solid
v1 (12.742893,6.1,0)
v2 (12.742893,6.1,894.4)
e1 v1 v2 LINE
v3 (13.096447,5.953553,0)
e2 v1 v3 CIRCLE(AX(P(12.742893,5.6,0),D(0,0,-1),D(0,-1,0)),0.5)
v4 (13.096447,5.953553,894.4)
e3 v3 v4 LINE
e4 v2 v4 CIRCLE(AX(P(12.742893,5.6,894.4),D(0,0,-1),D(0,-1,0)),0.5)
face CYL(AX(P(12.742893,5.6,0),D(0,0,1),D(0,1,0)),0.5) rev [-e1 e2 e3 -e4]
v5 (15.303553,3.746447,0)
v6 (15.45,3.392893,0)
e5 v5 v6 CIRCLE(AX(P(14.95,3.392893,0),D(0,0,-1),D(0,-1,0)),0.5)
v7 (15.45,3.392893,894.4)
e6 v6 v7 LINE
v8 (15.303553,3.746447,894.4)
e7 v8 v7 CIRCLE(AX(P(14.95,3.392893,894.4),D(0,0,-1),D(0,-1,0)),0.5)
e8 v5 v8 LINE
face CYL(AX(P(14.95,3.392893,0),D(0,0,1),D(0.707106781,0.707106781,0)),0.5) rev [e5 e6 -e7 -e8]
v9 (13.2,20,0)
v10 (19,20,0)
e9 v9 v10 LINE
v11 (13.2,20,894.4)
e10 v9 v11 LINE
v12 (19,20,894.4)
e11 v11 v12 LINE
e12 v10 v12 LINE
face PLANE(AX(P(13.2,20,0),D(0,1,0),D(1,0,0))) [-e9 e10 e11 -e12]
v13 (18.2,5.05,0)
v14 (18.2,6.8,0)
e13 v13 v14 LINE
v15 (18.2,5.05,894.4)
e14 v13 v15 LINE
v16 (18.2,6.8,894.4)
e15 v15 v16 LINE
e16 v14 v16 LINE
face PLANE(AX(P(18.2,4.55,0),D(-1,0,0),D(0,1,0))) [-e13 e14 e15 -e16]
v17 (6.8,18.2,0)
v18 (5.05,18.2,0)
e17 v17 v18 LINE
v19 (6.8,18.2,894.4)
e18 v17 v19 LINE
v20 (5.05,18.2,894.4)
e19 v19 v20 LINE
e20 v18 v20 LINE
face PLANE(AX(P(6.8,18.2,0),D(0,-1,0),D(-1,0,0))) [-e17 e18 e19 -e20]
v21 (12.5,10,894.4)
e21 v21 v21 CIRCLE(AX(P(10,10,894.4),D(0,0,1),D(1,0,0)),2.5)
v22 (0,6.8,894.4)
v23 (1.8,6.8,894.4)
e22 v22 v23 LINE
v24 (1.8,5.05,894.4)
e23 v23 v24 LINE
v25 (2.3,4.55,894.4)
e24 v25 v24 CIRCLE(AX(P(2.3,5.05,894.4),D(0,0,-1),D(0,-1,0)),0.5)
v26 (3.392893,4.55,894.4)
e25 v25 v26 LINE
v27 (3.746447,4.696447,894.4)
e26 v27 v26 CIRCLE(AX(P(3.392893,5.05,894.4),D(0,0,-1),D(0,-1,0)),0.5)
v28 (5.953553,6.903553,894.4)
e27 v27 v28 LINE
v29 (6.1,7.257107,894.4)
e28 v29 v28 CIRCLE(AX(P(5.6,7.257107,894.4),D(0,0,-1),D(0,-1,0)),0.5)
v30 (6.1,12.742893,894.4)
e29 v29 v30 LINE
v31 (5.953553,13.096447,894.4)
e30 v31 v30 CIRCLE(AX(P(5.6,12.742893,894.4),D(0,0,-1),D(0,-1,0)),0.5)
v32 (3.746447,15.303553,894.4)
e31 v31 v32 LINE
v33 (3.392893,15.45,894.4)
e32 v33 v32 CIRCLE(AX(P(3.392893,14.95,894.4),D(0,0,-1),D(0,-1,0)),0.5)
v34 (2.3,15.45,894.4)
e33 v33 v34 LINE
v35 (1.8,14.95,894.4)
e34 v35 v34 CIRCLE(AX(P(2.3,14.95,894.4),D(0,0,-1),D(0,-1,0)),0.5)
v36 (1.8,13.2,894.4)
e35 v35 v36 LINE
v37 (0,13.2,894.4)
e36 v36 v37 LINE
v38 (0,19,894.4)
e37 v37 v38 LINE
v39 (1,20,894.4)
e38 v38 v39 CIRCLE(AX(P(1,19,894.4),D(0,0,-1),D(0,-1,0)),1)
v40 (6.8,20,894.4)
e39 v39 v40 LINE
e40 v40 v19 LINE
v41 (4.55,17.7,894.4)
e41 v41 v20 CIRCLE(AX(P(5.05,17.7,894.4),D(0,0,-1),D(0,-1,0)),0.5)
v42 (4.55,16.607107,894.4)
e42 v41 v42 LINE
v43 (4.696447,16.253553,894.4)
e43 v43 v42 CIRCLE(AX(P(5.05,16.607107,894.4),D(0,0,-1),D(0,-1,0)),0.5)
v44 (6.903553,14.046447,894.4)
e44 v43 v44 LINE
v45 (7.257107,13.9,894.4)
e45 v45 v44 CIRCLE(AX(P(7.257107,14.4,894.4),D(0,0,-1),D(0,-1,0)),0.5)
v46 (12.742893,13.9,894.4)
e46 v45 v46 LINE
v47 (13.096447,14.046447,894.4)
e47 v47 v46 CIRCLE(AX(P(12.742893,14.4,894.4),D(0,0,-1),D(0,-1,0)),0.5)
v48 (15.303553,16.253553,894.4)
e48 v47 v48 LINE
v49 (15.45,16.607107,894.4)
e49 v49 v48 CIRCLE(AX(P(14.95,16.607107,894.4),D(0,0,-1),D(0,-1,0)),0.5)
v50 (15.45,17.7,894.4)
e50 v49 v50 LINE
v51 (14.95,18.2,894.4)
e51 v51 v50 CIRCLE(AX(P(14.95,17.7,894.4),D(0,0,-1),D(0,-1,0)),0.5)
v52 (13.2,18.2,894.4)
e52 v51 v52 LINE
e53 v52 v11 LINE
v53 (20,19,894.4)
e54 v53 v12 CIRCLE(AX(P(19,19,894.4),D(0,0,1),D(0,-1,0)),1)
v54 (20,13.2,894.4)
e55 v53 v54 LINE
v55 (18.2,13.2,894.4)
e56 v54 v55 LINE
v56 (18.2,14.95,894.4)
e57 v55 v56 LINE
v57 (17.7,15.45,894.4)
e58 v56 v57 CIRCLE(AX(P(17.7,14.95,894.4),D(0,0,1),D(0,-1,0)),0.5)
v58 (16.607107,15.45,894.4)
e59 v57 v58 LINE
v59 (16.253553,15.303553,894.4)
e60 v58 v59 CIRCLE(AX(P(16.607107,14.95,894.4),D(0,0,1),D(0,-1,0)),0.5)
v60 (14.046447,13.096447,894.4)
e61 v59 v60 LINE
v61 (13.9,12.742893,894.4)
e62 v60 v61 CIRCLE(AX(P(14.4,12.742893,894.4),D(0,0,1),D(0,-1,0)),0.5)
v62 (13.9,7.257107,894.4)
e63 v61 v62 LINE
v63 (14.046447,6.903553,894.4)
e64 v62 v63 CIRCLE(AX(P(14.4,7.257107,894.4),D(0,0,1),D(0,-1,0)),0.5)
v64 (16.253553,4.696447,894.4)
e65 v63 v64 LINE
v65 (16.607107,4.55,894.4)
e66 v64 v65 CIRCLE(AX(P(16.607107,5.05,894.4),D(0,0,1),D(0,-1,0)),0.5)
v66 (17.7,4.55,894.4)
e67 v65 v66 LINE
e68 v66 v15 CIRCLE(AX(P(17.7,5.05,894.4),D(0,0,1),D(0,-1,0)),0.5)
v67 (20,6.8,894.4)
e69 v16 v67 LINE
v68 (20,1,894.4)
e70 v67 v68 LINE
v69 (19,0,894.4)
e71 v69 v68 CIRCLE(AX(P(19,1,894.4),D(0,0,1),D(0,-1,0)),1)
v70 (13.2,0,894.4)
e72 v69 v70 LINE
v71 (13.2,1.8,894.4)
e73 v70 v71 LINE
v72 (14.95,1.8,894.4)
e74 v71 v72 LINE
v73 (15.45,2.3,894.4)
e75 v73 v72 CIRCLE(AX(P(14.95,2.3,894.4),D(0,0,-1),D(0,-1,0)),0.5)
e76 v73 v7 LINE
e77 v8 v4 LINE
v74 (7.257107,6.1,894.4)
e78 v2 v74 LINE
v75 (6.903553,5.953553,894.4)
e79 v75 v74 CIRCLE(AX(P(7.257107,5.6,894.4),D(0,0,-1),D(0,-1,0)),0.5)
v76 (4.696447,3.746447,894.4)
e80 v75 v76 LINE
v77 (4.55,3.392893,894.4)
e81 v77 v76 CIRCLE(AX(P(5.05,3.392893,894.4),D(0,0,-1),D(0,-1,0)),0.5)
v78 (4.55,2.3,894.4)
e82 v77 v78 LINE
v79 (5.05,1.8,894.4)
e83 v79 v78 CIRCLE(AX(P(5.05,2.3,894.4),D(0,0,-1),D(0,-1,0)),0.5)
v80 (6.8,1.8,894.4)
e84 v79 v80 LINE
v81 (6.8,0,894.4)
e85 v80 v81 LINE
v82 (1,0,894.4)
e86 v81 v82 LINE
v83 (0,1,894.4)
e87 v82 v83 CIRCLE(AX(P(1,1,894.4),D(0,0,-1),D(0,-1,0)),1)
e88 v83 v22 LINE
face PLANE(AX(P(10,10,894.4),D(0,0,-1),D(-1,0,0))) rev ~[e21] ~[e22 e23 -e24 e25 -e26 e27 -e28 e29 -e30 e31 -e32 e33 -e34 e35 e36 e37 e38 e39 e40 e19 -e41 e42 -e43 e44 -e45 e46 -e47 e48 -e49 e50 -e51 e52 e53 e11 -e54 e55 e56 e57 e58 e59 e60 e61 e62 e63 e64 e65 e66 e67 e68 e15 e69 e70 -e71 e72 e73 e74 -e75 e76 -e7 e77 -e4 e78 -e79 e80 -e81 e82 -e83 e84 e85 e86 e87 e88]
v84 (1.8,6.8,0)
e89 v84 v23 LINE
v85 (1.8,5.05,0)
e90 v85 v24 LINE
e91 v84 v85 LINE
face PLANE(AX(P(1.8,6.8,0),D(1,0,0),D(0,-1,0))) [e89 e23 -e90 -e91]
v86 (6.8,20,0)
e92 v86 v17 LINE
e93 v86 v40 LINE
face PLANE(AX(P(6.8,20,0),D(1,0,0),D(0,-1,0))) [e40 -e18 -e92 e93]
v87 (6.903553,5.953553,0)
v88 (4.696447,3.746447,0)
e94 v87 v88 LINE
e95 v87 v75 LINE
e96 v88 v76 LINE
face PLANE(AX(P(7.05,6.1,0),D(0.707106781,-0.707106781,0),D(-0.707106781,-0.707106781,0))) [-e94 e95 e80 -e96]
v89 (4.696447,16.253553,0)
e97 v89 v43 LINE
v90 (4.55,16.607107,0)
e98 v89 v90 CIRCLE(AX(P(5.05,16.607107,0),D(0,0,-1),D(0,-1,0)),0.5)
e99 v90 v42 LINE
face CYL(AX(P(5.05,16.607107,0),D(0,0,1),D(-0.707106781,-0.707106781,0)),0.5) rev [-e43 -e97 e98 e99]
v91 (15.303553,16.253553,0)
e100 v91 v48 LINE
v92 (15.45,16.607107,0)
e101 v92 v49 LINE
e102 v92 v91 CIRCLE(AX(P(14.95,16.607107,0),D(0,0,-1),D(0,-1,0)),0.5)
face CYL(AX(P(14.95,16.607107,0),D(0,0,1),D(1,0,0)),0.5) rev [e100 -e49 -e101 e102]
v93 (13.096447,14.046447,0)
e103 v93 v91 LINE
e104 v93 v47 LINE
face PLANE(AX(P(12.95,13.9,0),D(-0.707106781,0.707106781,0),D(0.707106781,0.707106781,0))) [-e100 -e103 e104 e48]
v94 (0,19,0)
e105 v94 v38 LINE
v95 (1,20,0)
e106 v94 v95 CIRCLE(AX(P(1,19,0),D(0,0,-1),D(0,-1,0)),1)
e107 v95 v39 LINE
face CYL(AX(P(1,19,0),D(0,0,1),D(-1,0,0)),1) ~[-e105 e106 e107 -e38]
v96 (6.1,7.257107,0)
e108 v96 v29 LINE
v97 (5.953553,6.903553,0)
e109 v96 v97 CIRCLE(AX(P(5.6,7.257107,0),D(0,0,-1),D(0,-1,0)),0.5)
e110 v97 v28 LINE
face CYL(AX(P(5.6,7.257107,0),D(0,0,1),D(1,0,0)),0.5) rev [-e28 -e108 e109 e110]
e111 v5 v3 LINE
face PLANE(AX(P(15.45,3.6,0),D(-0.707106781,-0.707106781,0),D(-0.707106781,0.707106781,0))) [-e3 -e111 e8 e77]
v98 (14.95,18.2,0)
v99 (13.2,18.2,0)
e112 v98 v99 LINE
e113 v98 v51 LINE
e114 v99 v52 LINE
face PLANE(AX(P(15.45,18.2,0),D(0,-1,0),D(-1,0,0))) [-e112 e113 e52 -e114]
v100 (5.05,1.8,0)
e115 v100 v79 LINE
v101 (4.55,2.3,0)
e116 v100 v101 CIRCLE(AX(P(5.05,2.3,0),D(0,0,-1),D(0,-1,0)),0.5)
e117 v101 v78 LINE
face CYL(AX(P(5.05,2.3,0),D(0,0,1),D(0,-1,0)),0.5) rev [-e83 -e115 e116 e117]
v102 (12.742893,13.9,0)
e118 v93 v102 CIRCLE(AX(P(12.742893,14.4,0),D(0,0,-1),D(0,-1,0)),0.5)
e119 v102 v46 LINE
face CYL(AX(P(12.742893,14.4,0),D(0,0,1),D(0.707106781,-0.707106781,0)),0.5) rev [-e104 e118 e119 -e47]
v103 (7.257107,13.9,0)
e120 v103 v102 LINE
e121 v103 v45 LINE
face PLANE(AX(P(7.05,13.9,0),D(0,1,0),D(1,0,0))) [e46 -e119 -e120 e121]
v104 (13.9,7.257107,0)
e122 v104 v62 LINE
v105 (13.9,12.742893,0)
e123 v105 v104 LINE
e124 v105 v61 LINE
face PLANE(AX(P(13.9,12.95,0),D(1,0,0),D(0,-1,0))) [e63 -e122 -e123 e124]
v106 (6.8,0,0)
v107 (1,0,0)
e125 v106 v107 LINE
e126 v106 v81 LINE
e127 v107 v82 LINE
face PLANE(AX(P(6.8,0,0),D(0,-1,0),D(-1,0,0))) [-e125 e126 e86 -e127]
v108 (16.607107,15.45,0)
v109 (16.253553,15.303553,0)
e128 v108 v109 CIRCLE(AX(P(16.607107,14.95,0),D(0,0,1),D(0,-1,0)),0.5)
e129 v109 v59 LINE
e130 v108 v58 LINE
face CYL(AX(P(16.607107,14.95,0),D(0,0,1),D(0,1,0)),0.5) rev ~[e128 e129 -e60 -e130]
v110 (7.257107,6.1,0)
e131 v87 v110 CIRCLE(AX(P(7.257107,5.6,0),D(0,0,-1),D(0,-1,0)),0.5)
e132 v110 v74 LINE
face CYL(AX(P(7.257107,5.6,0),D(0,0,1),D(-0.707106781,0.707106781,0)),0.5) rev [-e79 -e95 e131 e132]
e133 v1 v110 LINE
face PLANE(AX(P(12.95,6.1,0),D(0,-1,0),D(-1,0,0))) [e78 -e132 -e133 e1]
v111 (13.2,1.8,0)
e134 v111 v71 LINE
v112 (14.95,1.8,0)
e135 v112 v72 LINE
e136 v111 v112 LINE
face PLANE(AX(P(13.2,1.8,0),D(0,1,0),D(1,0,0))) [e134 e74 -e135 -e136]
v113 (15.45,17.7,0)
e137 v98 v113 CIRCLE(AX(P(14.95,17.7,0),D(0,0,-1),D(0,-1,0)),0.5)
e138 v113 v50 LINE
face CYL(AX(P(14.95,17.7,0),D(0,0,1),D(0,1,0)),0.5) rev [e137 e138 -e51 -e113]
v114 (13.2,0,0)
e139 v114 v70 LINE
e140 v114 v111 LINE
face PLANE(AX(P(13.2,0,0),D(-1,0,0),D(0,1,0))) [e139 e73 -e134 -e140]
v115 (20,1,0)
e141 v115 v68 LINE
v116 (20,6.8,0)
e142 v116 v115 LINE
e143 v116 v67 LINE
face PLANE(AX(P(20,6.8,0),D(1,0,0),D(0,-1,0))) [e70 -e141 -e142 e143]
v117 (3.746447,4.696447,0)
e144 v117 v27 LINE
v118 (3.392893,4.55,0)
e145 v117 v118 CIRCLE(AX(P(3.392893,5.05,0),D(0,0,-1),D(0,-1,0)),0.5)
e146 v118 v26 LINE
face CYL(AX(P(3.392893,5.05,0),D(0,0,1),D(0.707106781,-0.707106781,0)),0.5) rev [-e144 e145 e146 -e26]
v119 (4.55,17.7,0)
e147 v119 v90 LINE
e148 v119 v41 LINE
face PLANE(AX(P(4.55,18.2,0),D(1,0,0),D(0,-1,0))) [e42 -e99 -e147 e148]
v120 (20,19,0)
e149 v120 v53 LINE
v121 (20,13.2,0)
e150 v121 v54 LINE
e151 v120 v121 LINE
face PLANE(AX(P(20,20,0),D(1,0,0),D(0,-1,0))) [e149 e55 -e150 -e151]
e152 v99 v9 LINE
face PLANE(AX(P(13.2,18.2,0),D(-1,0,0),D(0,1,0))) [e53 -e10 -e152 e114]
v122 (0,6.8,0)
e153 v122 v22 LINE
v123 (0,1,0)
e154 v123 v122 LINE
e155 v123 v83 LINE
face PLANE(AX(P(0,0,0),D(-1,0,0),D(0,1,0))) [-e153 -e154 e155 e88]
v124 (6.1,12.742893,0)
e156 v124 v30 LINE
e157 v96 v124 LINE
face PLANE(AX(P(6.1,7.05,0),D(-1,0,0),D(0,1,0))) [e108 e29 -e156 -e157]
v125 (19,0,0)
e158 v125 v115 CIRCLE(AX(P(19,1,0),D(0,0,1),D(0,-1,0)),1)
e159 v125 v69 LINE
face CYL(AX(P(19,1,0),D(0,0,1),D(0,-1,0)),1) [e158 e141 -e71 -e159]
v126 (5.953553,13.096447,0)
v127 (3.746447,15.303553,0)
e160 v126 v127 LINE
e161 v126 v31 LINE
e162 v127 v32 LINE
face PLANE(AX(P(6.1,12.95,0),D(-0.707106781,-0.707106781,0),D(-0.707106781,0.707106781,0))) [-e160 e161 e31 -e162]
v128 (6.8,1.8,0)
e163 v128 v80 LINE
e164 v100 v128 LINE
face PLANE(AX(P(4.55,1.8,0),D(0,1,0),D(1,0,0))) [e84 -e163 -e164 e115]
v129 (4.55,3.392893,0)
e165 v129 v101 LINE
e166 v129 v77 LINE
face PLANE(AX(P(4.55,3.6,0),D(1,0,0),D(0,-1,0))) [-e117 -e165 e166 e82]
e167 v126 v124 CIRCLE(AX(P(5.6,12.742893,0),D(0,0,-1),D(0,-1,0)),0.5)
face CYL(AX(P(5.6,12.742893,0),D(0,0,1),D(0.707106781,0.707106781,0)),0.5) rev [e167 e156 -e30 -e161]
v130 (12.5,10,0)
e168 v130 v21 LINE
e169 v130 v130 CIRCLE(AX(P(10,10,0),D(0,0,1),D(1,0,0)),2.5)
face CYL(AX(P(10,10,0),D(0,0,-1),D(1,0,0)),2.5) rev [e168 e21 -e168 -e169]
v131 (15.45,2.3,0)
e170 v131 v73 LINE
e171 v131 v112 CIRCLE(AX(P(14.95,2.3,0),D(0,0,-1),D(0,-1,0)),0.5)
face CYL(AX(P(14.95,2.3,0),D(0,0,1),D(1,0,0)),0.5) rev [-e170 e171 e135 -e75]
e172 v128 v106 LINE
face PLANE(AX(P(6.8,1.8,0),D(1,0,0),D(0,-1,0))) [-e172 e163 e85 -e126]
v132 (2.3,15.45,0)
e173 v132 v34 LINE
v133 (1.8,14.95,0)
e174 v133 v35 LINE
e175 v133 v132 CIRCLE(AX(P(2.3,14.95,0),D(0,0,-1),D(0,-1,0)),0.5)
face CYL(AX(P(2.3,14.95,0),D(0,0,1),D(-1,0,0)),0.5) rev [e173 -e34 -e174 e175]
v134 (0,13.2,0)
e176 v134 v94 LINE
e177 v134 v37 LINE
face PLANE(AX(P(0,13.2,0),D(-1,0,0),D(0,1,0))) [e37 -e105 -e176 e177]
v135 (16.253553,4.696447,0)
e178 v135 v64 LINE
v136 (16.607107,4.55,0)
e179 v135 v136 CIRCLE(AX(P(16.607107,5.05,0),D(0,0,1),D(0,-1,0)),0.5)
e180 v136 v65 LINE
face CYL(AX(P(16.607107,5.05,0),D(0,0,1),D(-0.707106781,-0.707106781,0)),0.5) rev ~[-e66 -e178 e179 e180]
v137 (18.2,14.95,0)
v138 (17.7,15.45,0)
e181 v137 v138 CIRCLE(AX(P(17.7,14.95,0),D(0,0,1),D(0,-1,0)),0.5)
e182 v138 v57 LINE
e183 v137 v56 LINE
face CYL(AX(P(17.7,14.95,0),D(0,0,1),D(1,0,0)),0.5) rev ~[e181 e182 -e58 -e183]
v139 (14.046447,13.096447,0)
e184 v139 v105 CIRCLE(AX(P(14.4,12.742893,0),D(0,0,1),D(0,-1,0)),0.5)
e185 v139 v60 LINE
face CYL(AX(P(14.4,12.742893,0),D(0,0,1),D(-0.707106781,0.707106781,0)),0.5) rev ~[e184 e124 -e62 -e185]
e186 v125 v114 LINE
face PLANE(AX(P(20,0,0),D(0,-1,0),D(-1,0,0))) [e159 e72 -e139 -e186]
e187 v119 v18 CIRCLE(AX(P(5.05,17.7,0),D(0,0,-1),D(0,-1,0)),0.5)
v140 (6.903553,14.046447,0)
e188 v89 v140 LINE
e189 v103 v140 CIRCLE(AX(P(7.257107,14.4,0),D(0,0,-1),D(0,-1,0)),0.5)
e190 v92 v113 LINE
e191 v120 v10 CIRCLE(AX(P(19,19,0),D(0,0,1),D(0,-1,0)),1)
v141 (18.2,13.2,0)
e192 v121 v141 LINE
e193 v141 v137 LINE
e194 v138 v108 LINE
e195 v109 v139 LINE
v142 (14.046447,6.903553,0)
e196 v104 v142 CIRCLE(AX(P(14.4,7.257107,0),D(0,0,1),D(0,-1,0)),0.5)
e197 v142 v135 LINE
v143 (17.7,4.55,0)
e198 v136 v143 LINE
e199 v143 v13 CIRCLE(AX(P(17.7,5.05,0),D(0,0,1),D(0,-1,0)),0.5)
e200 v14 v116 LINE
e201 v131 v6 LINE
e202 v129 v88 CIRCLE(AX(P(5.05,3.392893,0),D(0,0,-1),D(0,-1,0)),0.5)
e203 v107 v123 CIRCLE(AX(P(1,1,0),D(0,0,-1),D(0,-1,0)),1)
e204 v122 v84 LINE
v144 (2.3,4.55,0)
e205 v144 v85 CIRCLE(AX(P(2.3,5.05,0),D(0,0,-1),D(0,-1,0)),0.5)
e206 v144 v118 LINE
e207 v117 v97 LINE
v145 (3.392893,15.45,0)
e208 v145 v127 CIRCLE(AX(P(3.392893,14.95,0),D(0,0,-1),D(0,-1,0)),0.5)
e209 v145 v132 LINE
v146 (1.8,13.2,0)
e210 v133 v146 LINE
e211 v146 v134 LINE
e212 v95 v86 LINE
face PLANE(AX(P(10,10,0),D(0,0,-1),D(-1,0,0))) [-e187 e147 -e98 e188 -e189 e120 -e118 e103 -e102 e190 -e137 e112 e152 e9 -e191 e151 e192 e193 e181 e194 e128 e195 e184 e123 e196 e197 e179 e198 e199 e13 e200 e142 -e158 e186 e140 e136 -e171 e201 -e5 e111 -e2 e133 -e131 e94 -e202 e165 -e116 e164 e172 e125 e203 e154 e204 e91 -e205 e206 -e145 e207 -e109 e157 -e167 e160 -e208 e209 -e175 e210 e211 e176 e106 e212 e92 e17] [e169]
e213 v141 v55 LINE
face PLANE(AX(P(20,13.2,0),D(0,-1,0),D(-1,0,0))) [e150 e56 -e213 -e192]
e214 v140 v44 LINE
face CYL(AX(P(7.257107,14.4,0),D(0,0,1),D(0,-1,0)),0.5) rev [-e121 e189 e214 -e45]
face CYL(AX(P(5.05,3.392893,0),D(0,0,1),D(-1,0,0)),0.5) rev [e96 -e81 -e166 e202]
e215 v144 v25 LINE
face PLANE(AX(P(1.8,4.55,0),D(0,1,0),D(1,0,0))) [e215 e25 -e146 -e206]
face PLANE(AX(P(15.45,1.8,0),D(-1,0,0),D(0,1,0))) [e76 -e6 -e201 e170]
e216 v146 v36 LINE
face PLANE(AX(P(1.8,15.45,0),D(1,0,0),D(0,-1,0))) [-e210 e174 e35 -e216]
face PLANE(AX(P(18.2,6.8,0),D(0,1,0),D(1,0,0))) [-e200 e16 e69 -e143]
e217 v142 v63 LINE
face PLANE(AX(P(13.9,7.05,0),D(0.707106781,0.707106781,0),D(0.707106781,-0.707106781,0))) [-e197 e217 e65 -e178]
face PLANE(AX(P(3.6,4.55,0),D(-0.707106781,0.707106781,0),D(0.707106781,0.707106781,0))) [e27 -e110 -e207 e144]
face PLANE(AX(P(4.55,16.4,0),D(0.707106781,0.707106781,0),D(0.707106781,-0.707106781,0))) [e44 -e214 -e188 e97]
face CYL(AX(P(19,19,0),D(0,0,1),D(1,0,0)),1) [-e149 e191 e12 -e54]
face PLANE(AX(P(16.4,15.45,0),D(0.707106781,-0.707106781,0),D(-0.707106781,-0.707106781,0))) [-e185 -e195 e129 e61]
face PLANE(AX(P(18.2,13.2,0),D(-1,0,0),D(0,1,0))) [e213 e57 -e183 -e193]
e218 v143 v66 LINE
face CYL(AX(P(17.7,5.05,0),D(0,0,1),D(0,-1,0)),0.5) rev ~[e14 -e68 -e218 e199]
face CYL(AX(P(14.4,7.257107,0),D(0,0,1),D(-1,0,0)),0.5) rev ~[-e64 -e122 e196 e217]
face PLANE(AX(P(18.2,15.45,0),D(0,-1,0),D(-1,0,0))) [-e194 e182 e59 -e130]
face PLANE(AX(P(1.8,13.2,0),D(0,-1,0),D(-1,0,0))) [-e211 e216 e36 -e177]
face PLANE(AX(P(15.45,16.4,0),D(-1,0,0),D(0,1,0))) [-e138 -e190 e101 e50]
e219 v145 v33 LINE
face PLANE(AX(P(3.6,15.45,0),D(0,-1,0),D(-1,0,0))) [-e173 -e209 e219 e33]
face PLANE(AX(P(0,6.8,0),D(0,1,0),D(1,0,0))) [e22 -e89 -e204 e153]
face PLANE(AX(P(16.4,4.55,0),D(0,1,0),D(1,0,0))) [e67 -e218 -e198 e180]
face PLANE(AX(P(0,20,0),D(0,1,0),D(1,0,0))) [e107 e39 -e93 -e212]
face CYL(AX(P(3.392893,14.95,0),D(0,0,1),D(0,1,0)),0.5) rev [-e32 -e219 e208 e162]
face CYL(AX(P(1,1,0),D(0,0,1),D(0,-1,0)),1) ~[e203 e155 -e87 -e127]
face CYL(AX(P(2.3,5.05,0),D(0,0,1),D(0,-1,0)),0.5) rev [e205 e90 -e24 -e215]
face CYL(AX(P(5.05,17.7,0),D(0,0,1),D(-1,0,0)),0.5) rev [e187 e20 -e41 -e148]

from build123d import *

# Parameters (mm, degrees)
SKETCH1_R           = 2.5
BOSS_EXTRUDE1_DEPTH = 894.4
FILLET1_R           = 1
FILLET2_R           = 0.5
FILLET3_R           = 0.5
FILLET4_R           = 0.5
FILLET5_R           = 0.5


with BuildPart() as part:
    # Sketch1 → Boss-Extrude1 (new body)
    with BuildSketch(Plane.XY):
        Polygon((13.2, 0), (13.2, 1.8), (15.45, 1.8), (15.45, 3.6), (12.95, 6.1), (7.05, 6.1), (4.55, 3.6), (4.55, 1.8), (6.8, 1.8), (6.8, 0), (0, 0), (0, 6.8), (1.8, 6.8), (1.8, 4.55), (3.6, 4.55), (6.1, 7.05), (6.1, 12.95), (3.6, 15.45), (1.8, 15.45), (1.8, 13.2), (0, 13.2), (0, 20), (6.8, 20), (6.8, 18.2), (4.55, 18.2), (4.55, 16.4), (7.05, 13.9), (12.95, 13.9), (15.45, 16.4), (15.45, 18.2), (13.2, 18.2), (13.2, 20), (20, 20), (20, 13.2), (18.2, 13.2), (18.2, 15.45), (16.4, 15.45), (13.9, 12.95), (13.9, 7.05), (16.4, 4.55), (18.2, 4.55), (18.2, 6.8), (20, 6.8), (20, 0), align=None)
        with Locations((10, 10)):
            Circle(SKETCH1_R, mode=Mode.SUBTRACT)
    extrude(amount=BOSS_EXTRUDE1_DEPTH)

    # Fillet1
    fillet1_edges = [part.edges().sort_by_distance(p)[0] for p in [
        (0, 0, 447.2),
        (0, 20, 447.2),
        (20, 20, 447.2),
        (20, 0, 447.2),
    ]]
    fillet(fillet1_edges, radius=FILLET1_R)

    # Fillet2
    fillet2_edges = [part.edges().sort_by_distance(p)[0] for p in [
        (4.55, 18.2, 447.2),
        (4.55, 16.4, 447.2),
        (7.05, 13.9, 447.2),
        (12.95, 13.9, 447.2),
        (15.45, 16.4, 447.2),
        (15.45, 18.2, 447.2),
    ]]
    fillet(fillet2_edges, radius=FILLET2_R)

    # Fillet3
    fillet3_edges = [part.edges().sort_by_distance(p)[0] for p in [
        (18.2, 15.45, 447.2),
        (16.4, 15.45, 447.2),
        (13.9, 12.95, 447.2),
        (13.9, 7.05, 447.2),
        (16.4, 4.55, 447.2),
        (18.2, 4.55, 447.2),
    ]]
    fillet(fillet3_edges, radius=FILLET3_R)

    # Fillet4
    fillet4_edges = [part.edges().sort_by_distance(p)[0] for p in [
        (1.8, 4.55, 447.2),
        (3.6, 4.55, 447.2),
        (6.1, 7.05, 447.2),
        (6.1, 12.95, 447.2),
        (3.6, 15.45, 447.2),
        (1.8, 15.45, 447.2),
    ]]
    fillet(fillet4_edges, radius=FILLET4_R)

    # Fillet5
    fillet5_edges = [part.edges().sort_by_distance(p)[0] for p in [
        (15.45, 1.8, 447.2),
        (15.45, 3.6, 447.2),
        (12.95, 6.1, 447.2),
        (7.05, 6.1, 447.2),
        (4.55, 3.6, 447.2),
        (4.55, 1.8, 447.2),
    ]]
    fillet(fillet5_edges, radius=FILLET5_R)


solid = part.part
